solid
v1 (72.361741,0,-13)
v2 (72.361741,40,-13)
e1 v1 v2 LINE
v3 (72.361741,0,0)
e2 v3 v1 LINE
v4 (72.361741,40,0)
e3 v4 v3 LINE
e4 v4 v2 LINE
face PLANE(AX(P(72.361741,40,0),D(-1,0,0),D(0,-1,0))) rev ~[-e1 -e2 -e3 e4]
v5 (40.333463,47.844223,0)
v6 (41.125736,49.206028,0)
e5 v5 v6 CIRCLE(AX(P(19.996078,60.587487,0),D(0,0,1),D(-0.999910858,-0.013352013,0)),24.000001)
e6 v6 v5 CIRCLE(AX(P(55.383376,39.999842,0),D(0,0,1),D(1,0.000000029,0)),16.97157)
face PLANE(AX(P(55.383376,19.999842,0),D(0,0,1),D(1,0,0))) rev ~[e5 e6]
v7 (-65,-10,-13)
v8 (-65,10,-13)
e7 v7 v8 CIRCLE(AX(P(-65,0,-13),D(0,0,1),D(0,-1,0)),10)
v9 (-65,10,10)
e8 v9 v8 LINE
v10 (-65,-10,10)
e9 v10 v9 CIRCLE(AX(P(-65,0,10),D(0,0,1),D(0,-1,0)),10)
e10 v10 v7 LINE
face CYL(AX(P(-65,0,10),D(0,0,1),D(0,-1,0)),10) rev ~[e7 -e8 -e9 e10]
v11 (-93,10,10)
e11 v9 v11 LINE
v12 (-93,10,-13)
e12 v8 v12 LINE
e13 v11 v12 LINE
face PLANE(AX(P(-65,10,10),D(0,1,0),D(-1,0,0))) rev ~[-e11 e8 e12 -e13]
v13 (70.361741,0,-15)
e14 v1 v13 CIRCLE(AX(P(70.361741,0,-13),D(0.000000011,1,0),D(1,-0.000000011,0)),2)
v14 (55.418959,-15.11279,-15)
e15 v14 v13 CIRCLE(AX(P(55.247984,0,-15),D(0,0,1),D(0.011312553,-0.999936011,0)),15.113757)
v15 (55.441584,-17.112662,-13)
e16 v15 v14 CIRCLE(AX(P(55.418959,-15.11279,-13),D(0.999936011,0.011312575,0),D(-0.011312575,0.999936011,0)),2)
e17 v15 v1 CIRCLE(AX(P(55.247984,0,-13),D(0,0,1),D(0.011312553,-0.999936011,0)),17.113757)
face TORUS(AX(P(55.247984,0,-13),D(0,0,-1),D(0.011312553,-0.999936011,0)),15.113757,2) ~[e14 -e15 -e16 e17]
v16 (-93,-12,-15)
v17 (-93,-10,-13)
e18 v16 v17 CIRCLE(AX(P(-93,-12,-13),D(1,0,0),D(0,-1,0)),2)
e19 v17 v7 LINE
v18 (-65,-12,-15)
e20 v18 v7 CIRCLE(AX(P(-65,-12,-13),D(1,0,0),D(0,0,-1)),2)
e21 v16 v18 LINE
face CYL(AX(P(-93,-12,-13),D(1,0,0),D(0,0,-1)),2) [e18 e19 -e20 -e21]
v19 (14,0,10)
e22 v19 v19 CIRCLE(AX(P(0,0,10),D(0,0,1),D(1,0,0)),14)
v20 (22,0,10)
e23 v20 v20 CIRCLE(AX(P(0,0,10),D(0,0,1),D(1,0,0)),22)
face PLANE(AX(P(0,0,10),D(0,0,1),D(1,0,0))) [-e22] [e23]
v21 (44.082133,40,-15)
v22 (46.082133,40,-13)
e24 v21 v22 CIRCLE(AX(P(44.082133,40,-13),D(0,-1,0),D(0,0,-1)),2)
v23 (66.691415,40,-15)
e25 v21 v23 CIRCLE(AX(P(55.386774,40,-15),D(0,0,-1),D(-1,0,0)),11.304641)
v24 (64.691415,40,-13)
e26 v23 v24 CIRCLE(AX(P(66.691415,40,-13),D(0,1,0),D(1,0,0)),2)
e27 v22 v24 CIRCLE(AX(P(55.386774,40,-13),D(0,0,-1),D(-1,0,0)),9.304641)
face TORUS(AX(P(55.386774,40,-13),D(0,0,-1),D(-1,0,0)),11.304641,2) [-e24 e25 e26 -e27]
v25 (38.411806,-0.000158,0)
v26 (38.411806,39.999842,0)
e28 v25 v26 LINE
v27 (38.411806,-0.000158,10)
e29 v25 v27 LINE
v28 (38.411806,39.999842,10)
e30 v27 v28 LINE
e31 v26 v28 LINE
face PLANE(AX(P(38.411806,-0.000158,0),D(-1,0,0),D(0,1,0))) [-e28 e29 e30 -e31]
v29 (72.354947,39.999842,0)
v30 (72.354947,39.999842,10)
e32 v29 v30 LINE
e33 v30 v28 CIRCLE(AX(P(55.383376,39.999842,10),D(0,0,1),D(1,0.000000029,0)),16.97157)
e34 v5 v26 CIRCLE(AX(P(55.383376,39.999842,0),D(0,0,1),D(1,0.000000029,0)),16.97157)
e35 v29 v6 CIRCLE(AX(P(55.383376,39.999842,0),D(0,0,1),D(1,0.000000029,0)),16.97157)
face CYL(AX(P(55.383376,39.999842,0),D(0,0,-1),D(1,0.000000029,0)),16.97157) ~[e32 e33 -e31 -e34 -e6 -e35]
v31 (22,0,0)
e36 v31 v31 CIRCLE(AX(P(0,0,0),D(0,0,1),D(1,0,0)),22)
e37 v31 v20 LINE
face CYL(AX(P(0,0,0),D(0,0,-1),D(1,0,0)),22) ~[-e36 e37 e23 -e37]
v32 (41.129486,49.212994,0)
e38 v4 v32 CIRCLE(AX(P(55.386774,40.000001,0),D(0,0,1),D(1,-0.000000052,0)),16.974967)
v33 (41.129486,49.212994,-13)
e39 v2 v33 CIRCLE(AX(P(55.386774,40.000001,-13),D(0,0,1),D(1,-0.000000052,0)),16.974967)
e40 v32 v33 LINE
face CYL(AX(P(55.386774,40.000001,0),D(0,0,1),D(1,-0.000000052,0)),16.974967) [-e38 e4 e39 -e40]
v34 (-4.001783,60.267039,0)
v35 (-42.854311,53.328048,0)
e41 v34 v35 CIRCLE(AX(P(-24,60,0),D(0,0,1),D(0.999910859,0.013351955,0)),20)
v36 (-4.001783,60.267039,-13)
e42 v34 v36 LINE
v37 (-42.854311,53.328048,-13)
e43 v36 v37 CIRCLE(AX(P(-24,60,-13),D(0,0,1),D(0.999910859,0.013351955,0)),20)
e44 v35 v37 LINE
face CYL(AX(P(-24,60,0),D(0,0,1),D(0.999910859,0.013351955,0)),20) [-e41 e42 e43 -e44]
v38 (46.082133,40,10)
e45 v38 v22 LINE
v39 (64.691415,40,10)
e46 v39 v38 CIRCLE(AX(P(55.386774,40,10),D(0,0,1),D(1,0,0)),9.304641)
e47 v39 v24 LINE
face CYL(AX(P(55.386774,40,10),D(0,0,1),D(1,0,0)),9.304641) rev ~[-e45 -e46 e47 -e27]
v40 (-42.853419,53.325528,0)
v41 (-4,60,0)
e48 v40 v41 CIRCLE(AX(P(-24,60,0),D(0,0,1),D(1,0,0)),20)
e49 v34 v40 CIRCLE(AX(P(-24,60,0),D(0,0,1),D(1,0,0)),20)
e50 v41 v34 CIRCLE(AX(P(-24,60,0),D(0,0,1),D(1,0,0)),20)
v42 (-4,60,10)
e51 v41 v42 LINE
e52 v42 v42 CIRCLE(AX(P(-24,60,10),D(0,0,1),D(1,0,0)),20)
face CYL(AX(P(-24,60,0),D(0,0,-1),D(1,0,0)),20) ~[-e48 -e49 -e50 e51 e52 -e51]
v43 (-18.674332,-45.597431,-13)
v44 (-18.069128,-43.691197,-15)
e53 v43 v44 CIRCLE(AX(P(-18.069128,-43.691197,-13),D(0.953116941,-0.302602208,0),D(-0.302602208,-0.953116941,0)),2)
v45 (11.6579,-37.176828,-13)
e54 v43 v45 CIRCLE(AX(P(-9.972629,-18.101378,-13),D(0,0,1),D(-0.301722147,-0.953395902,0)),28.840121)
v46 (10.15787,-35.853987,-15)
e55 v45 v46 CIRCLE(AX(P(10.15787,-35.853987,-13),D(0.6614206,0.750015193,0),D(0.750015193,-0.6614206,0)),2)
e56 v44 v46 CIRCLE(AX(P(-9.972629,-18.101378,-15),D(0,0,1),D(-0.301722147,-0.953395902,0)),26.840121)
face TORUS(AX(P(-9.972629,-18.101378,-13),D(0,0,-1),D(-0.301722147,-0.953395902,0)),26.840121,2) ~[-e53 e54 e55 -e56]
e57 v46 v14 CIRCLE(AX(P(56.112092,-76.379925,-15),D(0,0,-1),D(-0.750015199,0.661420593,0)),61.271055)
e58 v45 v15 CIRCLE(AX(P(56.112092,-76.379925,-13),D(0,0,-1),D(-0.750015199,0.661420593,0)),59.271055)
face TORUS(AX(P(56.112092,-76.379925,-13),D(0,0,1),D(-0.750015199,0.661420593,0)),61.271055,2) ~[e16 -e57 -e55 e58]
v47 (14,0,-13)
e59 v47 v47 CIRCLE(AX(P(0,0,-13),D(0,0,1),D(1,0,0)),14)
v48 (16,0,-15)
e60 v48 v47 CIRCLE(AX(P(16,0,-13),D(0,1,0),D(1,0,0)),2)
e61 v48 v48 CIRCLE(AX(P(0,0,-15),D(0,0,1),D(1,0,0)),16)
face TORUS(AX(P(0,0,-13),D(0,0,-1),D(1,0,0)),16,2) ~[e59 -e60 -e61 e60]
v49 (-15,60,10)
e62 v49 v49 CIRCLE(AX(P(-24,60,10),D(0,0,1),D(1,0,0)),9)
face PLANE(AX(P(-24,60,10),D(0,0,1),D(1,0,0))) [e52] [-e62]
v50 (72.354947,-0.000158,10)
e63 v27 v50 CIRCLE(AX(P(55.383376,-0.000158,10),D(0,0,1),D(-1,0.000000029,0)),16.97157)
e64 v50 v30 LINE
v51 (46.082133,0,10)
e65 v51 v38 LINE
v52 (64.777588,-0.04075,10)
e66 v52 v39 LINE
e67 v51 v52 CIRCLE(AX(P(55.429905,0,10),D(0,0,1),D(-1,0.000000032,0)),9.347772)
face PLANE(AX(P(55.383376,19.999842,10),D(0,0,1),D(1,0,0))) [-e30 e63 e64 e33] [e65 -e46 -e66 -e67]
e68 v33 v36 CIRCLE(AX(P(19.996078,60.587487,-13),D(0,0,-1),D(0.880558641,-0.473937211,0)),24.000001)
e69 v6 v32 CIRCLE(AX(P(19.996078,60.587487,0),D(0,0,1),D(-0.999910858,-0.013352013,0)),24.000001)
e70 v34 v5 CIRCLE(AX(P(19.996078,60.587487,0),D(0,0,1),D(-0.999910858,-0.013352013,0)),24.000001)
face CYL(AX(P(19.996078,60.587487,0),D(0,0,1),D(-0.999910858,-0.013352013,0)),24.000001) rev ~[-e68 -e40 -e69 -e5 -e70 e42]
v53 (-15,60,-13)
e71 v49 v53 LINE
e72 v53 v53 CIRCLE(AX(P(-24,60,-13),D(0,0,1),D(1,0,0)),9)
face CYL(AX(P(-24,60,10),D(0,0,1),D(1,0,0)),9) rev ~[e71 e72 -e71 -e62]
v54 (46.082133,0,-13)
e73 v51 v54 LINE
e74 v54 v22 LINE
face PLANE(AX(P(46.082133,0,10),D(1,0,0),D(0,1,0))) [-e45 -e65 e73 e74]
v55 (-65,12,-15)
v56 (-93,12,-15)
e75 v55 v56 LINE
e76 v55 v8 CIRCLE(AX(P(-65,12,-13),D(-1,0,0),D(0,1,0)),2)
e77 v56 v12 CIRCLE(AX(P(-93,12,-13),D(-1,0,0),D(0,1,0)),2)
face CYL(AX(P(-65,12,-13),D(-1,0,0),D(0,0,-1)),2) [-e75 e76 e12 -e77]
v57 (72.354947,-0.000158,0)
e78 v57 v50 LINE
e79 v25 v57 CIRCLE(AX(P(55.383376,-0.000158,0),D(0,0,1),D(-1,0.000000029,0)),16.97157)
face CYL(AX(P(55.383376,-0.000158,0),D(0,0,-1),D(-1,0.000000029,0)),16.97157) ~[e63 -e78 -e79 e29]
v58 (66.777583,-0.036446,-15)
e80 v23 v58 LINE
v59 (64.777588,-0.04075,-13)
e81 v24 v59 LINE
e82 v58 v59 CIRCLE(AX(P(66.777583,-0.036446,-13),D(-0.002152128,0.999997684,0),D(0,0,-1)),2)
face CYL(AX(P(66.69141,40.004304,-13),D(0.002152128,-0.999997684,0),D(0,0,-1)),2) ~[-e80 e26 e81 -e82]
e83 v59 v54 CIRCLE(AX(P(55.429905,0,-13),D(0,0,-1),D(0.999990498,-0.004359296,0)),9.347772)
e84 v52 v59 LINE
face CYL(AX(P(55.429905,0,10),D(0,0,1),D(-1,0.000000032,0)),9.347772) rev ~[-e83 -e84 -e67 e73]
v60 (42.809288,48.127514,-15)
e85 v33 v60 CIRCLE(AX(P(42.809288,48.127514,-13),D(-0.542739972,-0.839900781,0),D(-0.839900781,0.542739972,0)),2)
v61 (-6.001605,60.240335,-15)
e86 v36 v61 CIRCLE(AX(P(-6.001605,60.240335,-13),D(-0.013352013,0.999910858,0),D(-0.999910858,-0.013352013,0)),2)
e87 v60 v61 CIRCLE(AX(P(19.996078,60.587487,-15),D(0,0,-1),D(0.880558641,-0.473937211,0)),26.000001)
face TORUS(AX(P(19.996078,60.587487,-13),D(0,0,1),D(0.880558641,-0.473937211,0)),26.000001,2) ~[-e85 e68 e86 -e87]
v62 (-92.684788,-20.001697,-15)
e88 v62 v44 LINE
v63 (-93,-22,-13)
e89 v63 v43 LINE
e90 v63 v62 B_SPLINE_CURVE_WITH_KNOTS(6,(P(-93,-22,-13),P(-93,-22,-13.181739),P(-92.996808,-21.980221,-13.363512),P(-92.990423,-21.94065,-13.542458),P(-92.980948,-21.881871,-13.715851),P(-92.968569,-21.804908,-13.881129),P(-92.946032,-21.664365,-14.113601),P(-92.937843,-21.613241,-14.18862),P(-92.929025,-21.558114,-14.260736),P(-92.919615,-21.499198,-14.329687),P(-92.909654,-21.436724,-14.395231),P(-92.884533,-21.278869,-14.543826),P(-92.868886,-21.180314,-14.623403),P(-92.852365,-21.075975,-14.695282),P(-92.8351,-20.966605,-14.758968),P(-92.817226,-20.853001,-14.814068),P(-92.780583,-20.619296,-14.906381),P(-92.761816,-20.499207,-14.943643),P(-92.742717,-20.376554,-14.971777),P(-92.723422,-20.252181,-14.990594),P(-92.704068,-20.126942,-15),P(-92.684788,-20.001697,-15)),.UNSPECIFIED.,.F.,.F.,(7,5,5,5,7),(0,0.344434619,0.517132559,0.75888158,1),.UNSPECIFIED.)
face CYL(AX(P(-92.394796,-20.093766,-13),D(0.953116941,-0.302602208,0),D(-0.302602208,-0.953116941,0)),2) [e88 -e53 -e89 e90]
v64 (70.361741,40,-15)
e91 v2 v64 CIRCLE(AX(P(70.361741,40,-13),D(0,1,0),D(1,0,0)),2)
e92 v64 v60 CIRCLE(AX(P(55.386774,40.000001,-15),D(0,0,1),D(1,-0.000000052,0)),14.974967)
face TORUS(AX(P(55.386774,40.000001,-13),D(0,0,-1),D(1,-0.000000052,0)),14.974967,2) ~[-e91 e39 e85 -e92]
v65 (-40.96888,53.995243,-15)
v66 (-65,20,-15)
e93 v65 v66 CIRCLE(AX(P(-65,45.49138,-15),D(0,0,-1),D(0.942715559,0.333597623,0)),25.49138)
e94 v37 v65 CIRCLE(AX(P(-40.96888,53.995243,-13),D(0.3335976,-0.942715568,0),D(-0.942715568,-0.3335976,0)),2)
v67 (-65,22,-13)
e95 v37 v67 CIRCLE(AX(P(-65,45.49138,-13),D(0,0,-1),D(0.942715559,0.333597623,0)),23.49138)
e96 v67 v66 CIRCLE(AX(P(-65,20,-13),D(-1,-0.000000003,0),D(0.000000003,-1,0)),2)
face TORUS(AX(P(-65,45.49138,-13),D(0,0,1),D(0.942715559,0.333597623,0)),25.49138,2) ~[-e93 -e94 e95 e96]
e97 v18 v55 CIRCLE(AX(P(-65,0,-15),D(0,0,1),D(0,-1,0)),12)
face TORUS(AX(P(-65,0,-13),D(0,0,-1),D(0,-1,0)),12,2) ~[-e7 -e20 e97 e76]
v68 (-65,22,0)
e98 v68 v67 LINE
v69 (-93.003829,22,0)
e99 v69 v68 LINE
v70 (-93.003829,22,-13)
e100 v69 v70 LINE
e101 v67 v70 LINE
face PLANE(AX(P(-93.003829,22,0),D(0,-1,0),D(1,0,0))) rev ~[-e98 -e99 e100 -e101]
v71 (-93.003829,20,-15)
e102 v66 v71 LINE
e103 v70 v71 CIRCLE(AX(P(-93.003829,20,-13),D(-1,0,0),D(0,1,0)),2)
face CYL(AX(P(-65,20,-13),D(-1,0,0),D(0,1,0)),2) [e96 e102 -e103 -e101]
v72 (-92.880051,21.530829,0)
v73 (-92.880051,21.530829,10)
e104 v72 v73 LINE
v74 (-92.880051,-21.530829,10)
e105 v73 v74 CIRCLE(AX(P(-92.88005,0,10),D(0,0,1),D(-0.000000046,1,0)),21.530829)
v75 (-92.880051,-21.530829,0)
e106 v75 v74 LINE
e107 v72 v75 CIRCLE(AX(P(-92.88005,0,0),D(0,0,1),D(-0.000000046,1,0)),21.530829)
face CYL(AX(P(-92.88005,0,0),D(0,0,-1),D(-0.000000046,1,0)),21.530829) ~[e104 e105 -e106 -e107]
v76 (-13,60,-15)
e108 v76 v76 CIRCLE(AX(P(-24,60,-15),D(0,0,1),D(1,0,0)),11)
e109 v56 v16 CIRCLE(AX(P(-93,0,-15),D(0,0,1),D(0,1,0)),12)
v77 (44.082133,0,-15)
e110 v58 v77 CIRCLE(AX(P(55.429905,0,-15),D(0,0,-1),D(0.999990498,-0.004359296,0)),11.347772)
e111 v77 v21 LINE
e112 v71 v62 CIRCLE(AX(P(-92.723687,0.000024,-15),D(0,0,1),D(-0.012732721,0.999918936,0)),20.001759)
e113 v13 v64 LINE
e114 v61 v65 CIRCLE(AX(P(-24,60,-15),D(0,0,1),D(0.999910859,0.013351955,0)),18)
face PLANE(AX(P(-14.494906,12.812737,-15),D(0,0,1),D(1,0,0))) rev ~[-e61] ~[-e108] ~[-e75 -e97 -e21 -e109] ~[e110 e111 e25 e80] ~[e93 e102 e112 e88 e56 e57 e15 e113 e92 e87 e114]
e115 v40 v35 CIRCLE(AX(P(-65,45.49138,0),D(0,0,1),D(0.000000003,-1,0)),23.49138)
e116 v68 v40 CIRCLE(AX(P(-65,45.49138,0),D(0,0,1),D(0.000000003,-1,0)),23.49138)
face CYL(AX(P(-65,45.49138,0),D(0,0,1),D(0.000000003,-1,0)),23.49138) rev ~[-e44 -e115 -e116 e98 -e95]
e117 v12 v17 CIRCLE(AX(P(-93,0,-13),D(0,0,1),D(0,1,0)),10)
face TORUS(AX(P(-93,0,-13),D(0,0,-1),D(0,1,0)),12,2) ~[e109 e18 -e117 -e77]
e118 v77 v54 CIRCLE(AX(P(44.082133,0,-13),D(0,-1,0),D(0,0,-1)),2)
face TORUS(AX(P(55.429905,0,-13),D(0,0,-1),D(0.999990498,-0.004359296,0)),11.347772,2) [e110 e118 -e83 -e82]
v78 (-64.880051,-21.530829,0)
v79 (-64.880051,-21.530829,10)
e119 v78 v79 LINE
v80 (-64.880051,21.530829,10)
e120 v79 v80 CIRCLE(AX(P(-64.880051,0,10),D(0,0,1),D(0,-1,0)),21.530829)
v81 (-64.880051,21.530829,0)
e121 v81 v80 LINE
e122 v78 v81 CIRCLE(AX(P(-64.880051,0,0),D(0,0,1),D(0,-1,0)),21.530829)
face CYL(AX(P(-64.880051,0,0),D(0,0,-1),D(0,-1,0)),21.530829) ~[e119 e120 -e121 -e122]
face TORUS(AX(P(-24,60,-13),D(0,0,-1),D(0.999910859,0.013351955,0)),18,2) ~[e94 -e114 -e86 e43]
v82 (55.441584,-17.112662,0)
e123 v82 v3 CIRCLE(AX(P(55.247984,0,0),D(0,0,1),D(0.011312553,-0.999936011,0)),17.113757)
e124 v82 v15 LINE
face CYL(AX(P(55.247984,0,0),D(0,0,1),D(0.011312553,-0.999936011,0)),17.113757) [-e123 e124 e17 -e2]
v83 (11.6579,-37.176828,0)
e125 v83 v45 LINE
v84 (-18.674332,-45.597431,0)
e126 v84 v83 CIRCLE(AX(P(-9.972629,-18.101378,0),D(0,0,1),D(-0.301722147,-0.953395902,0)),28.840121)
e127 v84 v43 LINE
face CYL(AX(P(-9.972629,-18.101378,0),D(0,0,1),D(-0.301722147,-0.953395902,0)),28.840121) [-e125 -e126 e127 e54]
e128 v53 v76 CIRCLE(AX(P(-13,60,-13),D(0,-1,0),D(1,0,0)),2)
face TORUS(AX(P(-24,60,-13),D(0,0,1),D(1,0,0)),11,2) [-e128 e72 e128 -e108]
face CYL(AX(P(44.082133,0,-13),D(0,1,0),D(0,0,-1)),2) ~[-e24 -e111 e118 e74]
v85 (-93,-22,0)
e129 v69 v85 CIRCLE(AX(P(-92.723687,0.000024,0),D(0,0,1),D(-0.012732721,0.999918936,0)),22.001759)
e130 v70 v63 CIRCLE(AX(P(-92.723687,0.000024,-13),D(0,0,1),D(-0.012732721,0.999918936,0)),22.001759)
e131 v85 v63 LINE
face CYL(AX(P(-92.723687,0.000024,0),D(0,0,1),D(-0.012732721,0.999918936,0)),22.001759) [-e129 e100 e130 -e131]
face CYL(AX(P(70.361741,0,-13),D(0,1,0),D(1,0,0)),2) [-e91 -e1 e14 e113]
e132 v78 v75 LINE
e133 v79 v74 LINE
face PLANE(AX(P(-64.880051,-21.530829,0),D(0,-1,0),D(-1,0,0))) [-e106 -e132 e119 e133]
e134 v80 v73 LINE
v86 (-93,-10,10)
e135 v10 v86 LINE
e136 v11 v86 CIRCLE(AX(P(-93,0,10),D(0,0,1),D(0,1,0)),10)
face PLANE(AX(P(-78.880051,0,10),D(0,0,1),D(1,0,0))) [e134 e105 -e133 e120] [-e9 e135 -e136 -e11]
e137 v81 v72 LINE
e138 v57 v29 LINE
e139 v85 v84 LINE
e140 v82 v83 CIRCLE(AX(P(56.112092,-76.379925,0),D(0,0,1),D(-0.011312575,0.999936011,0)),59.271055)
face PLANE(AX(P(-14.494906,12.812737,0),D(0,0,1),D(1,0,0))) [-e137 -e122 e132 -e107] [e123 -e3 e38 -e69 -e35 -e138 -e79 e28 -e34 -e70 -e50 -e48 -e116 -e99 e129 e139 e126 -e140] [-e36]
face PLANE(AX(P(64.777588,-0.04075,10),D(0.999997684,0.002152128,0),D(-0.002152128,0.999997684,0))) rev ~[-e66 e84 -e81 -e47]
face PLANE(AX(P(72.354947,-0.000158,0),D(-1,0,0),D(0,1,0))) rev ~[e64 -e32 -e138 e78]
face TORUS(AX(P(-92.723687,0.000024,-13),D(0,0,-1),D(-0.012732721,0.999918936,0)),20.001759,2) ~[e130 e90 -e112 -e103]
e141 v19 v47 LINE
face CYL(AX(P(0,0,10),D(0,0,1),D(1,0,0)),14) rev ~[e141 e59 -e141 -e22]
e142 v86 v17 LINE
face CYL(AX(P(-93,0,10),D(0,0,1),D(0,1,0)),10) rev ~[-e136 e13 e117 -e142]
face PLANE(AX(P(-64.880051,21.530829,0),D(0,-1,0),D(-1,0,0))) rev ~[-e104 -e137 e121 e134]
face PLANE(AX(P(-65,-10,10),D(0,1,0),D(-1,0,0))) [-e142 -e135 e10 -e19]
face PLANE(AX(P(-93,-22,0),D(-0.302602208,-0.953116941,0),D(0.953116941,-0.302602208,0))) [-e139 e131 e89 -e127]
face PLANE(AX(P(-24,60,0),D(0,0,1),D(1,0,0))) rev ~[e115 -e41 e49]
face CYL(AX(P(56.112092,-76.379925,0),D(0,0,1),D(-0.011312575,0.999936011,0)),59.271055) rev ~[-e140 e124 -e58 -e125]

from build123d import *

# Parameters (mm, degrees)
PAD_DEPTH     = 15
SKETCH002_R   = 22
SKETCH002_R_2 = 20
PAD001_DEPTH  = 10
SKETCH003_R   = 14
SKETCH003_R_2 = 9
POCKET_DEPTH  = 25.001
FILLET_R      = 2


with BuildPart() as part:
    # Sketch001 → Pad (new body)
    with BuildSketch(Plane.XY):
        with BuildLine():
            ThreePointArc((-4.001783, 60.267039), (-27.516323, 79.68846), (-42.854311, 53.328048))
            ThreePointArc((-65, 22), (-45.817468, 31.931314), (-42.854311, 53.328048))
            Line((-93.003829, 22), (-65, 22))
            ThreePointArc((-93.003829, 22), (-114.725446, -0.00189), (-93, -22))
            Line((-93, -22), (-18.674332, -45.597431))
            ThreePointArc((-18.674332, -45.597431), (-2.258015, -45.890536), (11.6579, -37.176828))
            ThreePointArc((55.441584, -17.112662), (31.419941, -22.497129), (11.6579, -37.176828))
            ThreePointArc((55.441584, -17.112662), (67.417493, -12.032611), (72.361741, 0))
            Line((72.361741, 40), (72.361741, 0))
            ThreePointArc((72.361741, 40), (60.189509, 56.281378), (41.129486, 49.212994))
            ThreePointArc((-4.001783, 60.267039), (14.286503, 37.276529), (41.129486, 49.212994))
        make_face()
    extrude(amount=-PAD_DEPTH)

    # Sketch002 → Pad001 (join)
    with BuildSketch(Plane.XY):
        Circle(SKETCH002_R)
        with Locations((-24, 60)):
            Circle(SKETCH002_R_2)
        with BuildLine():
            ThreePointArc((38.411806, -0.000158), (55.383376, -16.971729), (72.354947, -0.000158))
            Line((72.354947, -0.000158), (72.354947, 39.999842))
            ThreePointArc((72.354947, 39.999842), (55.383376, 56.971412), (38.411806, 39.999842))
            Line((38.411806, -0.000158), (38.411806, 39.999842))
        make_face()
        with BuildLine():
            ThreePointArc((-64.880051, -21.530829), (-43.349222, 0), (-64.880051, 21.530829))
            Line((-64.880051, 21.530829), (-92.880051, 21.530829))
            ThreePointArc((-92.880051, 21.530829), (-114.410879, 0), (-92.880051, -21.530829))
            Line((-64.880051, -21.530829), (-92.880051, -21.530829))
        make_face()
    extrude(amount=PAD001_DEPTH)

    # Sketch003 (on DatumPlane) → Pocket (cut, through all)
    with BuildSketch(Plane.XY.offset(10)):
        Circle(SKETCH003_R)
        with Locations((-24, 60)):
            Circle(SKETCH003_R_2)
        with BuildLine():
            ThreePointArc((-65, -10), (-55, 0), (-65, 10))
            Line((-65, 10), (-93, 10))
            ThreePointArc((-93, 10), (-103, 0), (-93, -10))
            Line((-65, -10), (-93, -10))
        make_face()
        with BuildLine():
            ThreePointArc((46.082133, 0), (55.40953, -9.34775), (64.777588, -0.04075))
            Line((64.777588, -0.04075), (64.691415, 40))
            ThreePointArc((64.691415, 40), (55.386774, 49.304641), (46.082133, 40))
            Line((46.082133, 0), (46.082133, 40))
        make_face()
    extrude(amount=-POCKET_DEPTH, mode=Mode.SUBTRACT)

    # Fillet
    fillet_edges = [part.edges().sort_by_distance(p)[0] for p in [
        (-55.837166, -33.798715, -15),
        (-114.725446, -0.00189, -15),
        (-79.001914, 22, -15),
        (-103, 0, -15),
        (-79, -10, -15),
        (-55, 0, -15),
        (-79, 10, -15),
        (-45.817468, 31.931314, -15),
        (-27.516323, 79.68846, -15),
        (-33, 60, -15),
        (-14, 0, -15),
        (14.286503, 37.276529, -15),
        (60.189509, 56.281378, -15),
        (72.361741, 20, -15),
        (67.417493, -12.032611, -15),
        (31.419941, -22.497129, -15),
        (-2.258015, -45.890536, -15),
        (46.082133, 20, -15),
        (55.386774, 49.304641, -15),
        (64.734501, 19.979625, -15),
        (55.40953, -9.34775, -15),
    ]]
    fillet(fillet_edges, radius=FILLET_R)


solid = part.part
